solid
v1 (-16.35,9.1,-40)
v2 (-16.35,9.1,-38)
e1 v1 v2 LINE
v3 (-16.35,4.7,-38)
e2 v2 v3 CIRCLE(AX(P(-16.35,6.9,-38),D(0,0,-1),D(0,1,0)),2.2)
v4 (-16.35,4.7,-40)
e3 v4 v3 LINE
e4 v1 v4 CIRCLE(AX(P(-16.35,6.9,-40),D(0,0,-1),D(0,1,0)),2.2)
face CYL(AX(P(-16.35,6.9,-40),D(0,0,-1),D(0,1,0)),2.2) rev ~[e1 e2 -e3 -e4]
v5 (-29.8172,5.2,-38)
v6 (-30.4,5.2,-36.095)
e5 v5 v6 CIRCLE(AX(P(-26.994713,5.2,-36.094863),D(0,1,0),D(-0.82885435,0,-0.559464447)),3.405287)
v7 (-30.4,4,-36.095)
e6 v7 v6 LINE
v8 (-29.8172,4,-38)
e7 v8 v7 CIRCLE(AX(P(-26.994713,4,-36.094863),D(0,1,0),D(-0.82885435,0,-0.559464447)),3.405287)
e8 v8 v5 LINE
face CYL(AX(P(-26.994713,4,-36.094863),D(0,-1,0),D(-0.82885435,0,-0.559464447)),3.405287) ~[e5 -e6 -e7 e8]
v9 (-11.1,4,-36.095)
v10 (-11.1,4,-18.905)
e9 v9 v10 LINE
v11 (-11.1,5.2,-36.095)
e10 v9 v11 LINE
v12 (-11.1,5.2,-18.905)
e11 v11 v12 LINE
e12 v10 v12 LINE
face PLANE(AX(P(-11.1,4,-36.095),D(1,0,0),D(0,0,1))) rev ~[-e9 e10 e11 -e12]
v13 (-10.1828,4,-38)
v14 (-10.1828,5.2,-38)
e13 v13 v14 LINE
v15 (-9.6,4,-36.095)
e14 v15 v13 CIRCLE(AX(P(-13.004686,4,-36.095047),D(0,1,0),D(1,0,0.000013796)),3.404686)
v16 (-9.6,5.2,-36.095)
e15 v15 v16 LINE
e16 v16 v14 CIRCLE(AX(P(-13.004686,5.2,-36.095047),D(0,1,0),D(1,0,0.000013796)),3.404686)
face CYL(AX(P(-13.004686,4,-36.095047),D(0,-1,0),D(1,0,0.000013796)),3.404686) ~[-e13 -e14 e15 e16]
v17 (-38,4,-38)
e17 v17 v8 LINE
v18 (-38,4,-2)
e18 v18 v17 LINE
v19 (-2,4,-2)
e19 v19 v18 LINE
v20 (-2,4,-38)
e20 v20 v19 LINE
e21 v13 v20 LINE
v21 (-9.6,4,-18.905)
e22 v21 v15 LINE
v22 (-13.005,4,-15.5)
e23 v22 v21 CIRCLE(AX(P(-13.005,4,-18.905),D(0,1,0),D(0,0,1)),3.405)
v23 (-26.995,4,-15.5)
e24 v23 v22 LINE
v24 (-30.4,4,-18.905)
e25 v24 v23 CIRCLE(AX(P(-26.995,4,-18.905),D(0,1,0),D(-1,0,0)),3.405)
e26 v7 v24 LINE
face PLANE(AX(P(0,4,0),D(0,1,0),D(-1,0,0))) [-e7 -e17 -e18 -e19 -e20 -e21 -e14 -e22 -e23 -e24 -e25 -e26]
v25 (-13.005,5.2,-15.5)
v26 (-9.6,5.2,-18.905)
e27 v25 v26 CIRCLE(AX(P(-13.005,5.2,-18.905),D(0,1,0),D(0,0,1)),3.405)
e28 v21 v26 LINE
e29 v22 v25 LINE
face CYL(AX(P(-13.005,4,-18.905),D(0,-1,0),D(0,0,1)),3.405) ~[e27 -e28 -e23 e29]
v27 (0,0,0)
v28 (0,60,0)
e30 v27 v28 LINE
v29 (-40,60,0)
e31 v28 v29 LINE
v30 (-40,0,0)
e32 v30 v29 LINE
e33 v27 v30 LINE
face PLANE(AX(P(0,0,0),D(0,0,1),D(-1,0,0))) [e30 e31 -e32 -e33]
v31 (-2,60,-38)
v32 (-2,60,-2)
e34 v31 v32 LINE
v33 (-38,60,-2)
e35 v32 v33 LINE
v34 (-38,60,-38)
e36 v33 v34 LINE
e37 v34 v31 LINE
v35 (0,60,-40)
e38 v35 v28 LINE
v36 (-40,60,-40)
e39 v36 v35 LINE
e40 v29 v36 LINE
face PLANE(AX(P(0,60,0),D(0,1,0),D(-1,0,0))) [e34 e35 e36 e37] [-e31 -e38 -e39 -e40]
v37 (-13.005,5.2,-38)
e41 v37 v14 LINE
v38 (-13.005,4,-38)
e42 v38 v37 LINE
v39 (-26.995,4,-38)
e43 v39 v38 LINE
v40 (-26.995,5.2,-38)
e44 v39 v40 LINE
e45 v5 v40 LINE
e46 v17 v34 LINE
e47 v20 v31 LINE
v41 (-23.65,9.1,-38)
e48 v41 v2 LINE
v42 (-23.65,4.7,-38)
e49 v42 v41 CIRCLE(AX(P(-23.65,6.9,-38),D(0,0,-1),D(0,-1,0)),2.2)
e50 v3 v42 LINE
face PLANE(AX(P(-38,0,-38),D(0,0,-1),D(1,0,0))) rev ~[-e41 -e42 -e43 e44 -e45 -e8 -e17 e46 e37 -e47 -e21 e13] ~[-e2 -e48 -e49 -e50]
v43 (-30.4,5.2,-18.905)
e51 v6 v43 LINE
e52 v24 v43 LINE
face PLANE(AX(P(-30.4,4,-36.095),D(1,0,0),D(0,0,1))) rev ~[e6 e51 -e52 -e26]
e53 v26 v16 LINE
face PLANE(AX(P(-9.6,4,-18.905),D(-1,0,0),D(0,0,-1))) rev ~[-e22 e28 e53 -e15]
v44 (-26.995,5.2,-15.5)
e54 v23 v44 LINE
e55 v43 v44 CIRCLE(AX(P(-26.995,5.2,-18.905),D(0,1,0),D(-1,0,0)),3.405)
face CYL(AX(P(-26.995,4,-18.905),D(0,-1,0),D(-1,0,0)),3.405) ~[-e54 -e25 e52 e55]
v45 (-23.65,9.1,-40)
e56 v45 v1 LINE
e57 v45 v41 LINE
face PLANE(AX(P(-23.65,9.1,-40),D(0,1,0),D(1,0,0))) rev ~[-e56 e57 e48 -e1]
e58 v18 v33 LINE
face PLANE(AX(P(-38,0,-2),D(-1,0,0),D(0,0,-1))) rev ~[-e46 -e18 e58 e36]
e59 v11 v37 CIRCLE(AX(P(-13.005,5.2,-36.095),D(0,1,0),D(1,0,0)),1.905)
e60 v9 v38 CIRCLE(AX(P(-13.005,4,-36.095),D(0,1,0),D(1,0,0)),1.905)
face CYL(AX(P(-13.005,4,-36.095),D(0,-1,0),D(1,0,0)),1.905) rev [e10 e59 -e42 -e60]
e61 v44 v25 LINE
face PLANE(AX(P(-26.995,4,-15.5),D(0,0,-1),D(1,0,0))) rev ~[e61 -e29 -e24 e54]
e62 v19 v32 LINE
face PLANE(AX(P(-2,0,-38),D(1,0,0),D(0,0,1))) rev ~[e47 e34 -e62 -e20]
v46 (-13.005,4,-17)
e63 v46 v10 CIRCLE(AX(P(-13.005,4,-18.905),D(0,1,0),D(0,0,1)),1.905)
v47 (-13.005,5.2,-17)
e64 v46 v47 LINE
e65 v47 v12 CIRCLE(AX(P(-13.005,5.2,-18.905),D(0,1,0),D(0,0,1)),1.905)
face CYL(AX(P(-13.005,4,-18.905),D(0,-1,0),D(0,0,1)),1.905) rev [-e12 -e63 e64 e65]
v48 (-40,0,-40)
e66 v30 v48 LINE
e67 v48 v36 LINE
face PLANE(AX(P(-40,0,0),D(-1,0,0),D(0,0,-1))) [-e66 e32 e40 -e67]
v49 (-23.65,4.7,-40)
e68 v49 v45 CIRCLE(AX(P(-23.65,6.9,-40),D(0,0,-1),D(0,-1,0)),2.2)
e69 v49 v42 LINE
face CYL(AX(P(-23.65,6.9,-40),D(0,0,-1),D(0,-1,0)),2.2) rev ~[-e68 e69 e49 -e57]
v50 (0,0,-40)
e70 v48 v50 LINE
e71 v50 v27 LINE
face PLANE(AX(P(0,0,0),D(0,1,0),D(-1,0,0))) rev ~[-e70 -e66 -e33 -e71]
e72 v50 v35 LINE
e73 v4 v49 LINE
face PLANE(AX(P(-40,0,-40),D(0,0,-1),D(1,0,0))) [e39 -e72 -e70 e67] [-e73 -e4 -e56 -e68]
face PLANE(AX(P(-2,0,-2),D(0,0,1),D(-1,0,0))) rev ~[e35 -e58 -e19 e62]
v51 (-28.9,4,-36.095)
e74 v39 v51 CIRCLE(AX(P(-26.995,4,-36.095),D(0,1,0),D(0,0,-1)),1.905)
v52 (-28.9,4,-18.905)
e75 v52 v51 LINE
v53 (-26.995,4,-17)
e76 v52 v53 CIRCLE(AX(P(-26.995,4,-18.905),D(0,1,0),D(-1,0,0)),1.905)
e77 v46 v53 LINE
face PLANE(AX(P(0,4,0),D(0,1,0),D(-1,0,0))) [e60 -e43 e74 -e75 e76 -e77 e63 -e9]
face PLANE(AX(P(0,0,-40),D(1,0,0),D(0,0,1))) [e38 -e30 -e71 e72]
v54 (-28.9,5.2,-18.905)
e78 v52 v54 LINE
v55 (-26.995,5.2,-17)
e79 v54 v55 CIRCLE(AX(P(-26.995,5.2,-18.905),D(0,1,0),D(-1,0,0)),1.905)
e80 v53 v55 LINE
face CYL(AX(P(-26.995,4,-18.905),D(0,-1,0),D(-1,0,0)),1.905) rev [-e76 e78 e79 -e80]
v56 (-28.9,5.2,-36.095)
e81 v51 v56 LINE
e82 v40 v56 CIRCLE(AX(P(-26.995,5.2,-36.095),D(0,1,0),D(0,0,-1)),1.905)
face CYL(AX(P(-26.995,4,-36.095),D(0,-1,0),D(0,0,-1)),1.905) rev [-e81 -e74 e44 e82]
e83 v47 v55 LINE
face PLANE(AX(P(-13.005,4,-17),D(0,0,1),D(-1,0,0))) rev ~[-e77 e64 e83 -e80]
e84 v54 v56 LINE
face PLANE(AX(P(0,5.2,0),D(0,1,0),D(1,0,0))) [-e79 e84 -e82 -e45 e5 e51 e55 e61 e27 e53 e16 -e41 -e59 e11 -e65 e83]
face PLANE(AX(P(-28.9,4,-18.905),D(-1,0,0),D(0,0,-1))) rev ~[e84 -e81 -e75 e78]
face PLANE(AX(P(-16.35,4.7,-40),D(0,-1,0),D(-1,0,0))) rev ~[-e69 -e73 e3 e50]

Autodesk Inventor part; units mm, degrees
ref_plane "YZ Plane" through (0, 0, 0) normal (1, 0, 0) x (0, 1, 0)
ref_plane "XZ Plane" through (0, 0, 0) normal (0, 1, 0) x (-1, 0, 0)
ref_plane "XY Plane" through (0, 0, 0) normal (0, 0, 1) x (1, 0, 0)
sketch "Sketch1" plane through (0, 0, 0) normal (0, 1, 0) x (-1, 0, 0)
  line L0 (0, 0) -> (40, 0)
  line L1 (40, 0) -> (40, -40)
  line L2 (40, -40) -> (0, -40)
  line L3 (0, -40) -> (0, 0)
  line L4 (2, -2) -> (38, -2)
  line L5 (38, -2) -> (38, -38)
  line L6 (38, -38) -> (2, -38)
  line L7 (2, -38) -> (2, -2)
  dimension "d0" = 40
  dimension "d1" = 40
  dimension "d2" = 2
  dimension "d3" = 2
  dimension "d4" = 2
  dimension "d5" = 2
extrude "Extrusion1" add sketch "Sketch1" along normal blind 4 contours L4 L5 L6 L7
extrude "Extrusion2" add sketch "Sketch1" along normal blind 60
sketch "Sketch2" plane through (0, 4, 0) normal (0, 1, 0) x (1, 0, 0)
  line L0 (-26.995, 38) -> (-13.005, 38)
  line L1 (-11.1, 36.095) -> (-11.1, 18.905)
  line L2 (-13.005, 17) -> (-26.995, 17)
  line L3 (-28.9, 18.905) -> (-28.9, 36.095)
  arc A0 (-26.995, 38) -> (-28.9, 36.095) centre (-26.995, 36.095) ccw
  arc A1 (-11.1, 36.095) -> (-13.005, 38) centre (-13.005, 36.095) ccw
  arc A2 (-28.9, 18.905) -> (-26.995, 17) centre (-26.995, 18.905) ccw
  arc A3 (-13.005, 17) -> (-11.1, 18.905) centre (-13.005, 18.905) ccw
  line L4 (-38, 38) -> (-2, 38) projected
  line L5 (-38, 2) -> (-38, 38) projected
  line L6 (-30.4, 36.095) -> (-30.4, 18.905)
  arc A4 (-30.4, 18.905) -> (-26.995, 15.5) centre (-26.995, 18.905) ccw
  line L7 (-26.995, 15.5) -> (-13.005, 15.5)
  arc A5 (-13.005, 15.5) -> (-9.6, 18.905) centre (-13.005, 18.905) ccw
  line L8 (-9.6, 18.905) -> (-9.6, 36.095)
  arc A6 (-9.6, 36.095) -> (-10.1828, 38) centre (-13.005, 36.095) ccw
  arc A7 (-29.8172, 38) -> (-30.4, 36.095) centre (-26.995, 36.095) ccw
  line L9 (-29.8172, 38) -> (-10.1828, 38)
  line L10 (-40, 40) -> (-40, 0) projected
  point P0 (0, 0)
  point P1 (-11.1, 17)
  point P2 (-11.1, 38)
  point P3 (-28.9, 17)
  point P4 (-20, 38)
  point P5 (-13.005, 38)
  point P6 (-20, 17)
  dimension "d11" = 17.8
  dimension "d12" = 21
  dimension "d13" = 1.905
  dimension "d14" = 0
  dimension "d16" = 1.5
  dimension "d25" = 20
extrude "Extrusion3" add sketch "Sketch2" along normal blind 1.2 contours A0 L3 A2 L2 A3 L1 A1 L4 A6 L8 A5 L7 A4 L6 A7
sketch "Sketch3" plane through (-38, 60, -38) normal (0, 0, 1) x (1, 0, 0)
  point P0 (38, -60)
sketch "Sketch4" plane through (0, 0, -40) normal (0, 0, -1) x (-1, 0, 0)
  line L0 (16.35, 6.9) -> (23.65, 6.9) construction
  line L1 (16.35, 4.7) -> (23.65, 4.7)
  line L2 (23.65, 9.1) -> (16.35, 9.1)
  arc A0 (16.35, 9.1) -> (16.35, 4.7) centre (16.35, 6.9) ccw
  arc A1 (23.65, 4.7) -> (23.65, 9.1) centre (23.65, 6.9) ccw
  line L3 (0, 0) -> (40, 0) projected
  line L4 (0, 0) -> (0, 60) projected
  point P0 (20, 6.9)
  dimension "d19" = 7.3
  dimension "d20" = 4.4
  dimension "d21" = 4.7
  dimension "d22" = 20
extrude "Extrusion4" cut sketch "Sketch4" against normal blind 2
properties part number "sensor_block" material "Brass, Soft Yellow, Welded"
